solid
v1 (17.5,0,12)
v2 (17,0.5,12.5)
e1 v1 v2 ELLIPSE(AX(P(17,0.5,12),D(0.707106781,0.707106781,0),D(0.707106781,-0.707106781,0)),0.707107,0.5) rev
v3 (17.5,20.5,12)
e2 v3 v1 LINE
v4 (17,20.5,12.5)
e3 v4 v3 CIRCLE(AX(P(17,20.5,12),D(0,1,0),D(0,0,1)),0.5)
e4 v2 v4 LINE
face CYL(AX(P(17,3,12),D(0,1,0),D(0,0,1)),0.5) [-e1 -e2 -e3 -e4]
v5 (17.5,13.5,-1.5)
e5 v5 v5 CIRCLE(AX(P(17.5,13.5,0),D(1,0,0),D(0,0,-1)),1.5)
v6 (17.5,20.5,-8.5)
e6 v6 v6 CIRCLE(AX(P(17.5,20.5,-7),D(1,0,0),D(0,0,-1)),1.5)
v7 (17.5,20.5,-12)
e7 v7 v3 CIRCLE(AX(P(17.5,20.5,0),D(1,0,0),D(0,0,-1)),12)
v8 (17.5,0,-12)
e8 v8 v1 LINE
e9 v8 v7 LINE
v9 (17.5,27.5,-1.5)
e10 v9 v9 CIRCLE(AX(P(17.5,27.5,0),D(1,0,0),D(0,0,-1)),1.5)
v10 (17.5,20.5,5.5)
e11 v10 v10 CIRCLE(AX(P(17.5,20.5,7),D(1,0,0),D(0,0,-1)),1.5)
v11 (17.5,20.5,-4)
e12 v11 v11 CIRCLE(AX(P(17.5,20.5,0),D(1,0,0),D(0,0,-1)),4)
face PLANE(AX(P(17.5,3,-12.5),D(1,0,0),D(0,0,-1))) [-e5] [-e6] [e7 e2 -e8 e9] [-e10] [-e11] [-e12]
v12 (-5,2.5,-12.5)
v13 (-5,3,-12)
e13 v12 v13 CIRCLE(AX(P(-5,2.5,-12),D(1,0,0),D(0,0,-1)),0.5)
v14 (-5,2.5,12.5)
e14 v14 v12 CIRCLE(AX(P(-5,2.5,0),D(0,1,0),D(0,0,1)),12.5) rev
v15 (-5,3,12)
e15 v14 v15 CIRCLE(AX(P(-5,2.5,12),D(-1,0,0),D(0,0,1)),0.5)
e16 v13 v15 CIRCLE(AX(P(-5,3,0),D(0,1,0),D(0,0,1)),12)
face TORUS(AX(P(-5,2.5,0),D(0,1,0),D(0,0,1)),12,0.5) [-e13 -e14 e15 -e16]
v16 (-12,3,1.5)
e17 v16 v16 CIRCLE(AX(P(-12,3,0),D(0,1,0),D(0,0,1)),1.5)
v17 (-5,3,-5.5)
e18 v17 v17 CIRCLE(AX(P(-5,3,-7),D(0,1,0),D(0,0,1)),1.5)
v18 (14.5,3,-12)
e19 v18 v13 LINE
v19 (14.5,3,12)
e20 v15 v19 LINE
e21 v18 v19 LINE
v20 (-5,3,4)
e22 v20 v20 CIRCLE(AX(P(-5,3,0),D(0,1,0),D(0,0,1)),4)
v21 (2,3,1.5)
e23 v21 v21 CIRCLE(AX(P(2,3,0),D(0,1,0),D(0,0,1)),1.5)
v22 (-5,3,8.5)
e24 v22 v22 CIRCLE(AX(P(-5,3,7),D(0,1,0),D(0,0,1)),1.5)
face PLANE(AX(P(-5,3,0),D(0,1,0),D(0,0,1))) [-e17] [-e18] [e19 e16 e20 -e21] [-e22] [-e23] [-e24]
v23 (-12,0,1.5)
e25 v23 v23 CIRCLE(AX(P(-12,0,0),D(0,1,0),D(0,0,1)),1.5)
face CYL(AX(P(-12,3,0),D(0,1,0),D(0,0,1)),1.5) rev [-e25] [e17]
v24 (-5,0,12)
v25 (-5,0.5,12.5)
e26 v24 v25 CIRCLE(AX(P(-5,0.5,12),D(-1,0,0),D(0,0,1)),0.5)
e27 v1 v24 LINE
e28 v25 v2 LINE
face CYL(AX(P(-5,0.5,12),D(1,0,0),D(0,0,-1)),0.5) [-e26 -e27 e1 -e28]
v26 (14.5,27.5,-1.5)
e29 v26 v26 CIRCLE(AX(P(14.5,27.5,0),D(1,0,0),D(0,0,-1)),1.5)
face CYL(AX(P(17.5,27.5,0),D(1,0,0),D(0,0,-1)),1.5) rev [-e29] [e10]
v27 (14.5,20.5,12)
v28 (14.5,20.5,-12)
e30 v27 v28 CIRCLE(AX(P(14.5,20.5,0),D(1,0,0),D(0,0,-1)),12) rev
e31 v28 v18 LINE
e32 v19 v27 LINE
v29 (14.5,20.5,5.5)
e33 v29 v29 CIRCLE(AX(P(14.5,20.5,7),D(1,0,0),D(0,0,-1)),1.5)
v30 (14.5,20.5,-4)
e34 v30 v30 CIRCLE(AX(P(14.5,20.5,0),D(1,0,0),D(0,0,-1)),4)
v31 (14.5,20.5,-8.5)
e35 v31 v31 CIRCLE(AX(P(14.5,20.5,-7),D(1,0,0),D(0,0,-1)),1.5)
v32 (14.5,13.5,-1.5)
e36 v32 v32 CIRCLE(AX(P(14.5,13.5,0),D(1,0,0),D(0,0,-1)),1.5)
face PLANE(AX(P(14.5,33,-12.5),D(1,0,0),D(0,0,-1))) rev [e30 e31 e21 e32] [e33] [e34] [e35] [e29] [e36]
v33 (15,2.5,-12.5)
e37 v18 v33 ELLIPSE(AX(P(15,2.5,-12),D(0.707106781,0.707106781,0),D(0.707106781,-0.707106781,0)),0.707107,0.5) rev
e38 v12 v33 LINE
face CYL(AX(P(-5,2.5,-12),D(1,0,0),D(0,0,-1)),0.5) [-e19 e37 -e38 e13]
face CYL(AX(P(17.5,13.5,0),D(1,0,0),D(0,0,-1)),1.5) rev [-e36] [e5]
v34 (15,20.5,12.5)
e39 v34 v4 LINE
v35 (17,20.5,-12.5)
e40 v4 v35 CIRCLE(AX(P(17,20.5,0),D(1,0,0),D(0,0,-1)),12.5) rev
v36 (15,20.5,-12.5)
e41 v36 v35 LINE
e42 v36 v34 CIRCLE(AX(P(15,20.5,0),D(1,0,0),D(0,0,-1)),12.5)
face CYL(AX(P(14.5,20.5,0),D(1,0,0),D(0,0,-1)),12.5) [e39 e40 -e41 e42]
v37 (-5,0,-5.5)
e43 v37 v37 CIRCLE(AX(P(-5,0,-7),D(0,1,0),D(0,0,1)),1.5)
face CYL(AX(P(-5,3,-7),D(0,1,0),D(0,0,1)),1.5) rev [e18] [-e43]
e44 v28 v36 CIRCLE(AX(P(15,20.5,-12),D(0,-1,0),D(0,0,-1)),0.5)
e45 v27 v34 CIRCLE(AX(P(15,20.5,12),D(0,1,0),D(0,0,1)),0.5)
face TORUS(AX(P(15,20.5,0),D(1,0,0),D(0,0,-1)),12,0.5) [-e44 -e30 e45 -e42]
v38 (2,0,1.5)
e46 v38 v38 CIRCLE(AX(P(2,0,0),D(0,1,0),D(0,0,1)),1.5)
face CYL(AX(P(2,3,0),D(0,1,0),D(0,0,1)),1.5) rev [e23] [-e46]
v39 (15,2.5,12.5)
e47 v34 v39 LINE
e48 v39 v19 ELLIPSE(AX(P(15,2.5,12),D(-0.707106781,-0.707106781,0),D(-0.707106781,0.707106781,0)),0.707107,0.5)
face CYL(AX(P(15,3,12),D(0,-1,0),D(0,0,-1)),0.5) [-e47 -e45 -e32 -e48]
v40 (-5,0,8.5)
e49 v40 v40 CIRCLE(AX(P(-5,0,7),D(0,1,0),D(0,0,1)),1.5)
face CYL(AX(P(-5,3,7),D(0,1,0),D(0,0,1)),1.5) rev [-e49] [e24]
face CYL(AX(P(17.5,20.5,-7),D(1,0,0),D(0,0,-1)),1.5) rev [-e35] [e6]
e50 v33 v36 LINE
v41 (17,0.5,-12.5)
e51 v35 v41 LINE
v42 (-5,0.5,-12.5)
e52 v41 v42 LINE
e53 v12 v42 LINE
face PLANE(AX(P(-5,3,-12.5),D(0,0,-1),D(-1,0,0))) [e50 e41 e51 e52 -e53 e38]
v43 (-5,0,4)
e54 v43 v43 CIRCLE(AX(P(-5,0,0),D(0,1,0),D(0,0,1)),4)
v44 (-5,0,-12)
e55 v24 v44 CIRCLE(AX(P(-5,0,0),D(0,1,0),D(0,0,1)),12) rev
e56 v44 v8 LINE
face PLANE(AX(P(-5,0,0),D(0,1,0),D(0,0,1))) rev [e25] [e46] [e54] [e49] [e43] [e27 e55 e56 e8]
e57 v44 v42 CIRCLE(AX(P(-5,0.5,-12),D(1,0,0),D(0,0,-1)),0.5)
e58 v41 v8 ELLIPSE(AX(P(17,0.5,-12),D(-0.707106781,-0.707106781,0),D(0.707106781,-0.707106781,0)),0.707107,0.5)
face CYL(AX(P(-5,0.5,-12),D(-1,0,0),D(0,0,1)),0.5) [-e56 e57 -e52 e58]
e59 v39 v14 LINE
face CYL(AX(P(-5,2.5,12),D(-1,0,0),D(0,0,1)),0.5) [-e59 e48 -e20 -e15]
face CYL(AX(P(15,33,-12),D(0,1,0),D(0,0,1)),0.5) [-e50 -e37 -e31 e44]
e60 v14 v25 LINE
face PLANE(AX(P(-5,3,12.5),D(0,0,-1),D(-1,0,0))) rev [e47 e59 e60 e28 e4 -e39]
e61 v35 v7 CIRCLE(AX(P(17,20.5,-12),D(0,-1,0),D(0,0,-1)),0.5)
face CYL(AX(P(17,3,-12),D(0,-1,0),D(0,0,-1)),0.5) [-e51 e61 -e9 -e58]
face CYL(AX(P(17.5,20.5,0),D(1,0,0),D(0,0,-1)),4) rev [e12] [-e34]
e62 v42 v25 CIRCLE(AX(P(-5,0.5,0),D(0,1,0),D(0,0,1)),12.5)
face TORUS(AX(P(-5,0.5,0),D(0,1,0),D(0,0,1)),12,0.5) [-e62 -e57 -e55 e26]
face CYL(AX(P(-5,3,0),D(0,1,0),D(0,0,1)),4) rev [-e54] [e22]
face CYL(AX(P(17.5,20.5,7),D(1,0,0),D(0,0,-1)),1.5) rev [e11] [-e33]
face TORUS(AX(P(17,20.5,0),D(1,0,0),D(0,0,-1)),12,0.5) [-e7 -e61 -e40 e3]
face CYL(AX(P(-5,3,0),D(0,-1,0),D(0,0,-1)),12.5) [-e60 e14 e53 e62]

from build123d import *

# Parameters (mm, degrees)
BOSS_EXTRUDE1_DEPTH   = 3
SKETCH2_W             = 3
SKETCH2_H             = 25
BOSS_EXTRUDE2_DEPTH   = 30
CUT_EXTRUDE2_DEPTH    = 3
F_8_0MM_DOWEL_HOLE1_D = 8
F_8_0MM_DOWEL_HOLE2_D = 8
F_3_0MM_DOWEL_HOLE1_D = 3
F_3_0MM_DOWEL_HOLE2_D = 3
FILLET1_R             = 0.5


with BuildPart() as part:
    # Sketch1 → Boss-Extrude1 (new body)
    with BuildSketch(Plane(origin=(0, 0, 0), x_dir=(1, 0, 0), z_dir=(0, 1, 0))):
        with BuildLine():
            Line((-5, 12.5), (17.5, 12.5))
            Line((17.5, 12.5), (17.5, -12.5))
            Line((17.5, -12.5), (-5, -12.5))
            ThreePointArc((-5, -12.5), (-17.5, 0), (-5, 12.5))
        make_face()
    extrude(amount=BOSS_EXTRUDE1_DEPTH)

    # Sketch2 → Boss-Extrude2 (add)
    with BuildSketch(Plane(origin=(0, 3, 0), x_dir=(1, 0, 0), z_dir=(0, 1, 0))):
        with Locations((16, 0)):
            Rectangle(SKETCH2_W, SKETCH2_H)
    extrude(amount=BOSS_EXTRUDE2_DEPTH)

    # Sketch3 → Cut-Extrude2 (cut)
    with BuildSketch(Plane(origin=(17.5, 0, 0), x_dir=(0, 0, -1), z_dir=(1, 0, 0))):
        with BuildLine():
            Line((0, 33), (-12.5, 33))
            Line((-12.5, 33), (-12.5, 20.5))
            ThreePointArc((-12.5, 20.5), (-8.838834765, 29.338834765), (0, 33))
        make_face()
        with BuildLine():
            Line((12.5, 33), (0, 33))
            ThreePointArc((0, 33), (8.838834765, 29.338834765), (12.5, 20.5))
            Line((12.5, 20.5), (12.5, 33))
        make_face()
    extrude(amount=-CUT_EXTRUDE2_DEPTH, mode=Mode.SUBTRACT)

    # Ø8.0mm Dowel Hole1 (through all)
    with Locations(Plane(origin=(17.5, 0, 0), x_dir=(0, 0, -1), z_dir=(1, 0, 0))):
        with Locations((0, 20.5)):
            Hole(F_8_0MM_DOWEL_HOLE1_D / 2)

    # Ø8.0mm Dowel Hole2 (through all)
    with Locations(Plane(origin=(0, 3, 0), x_dir=(1, 0, 0), z_dir=(0, 1, 0))):
        with Locations((-5, 0)):
            Hole(F_8_0MM_DOWEL_HOLE2_D / 2)

    # Ø3.0mm Dowel Hole1 (through all)
    with Locations(Plane(origin=(17.5, 0, 0), x_dir=(0, 0, -1), z_dir=(1, 0, 0))):
        with Locations((0, 27.5), (7, 20.5), (0, 13.5), (-7, 20.5), (0, 20.5)):
            Hole(F_3_0MM_DOWEL_HOLE1_D / 2)

    # Ø3.0mm Dowel Hole2 (through all)
    with Locations(Plane(origin=(0, 3, 0), x_dir=(1, 0, 0), z_dir=(0, 1, 0))):
        with Locations((-12, 0), (-5, 7), (2, 0), (-5, -7), (-5, 0)):
            Hole(F_3_0MM_DOWEL_HOLE2_D / 2)

    # Fillet1
    fillet1_edges = [part.edges().sort_by_distance(p)[0] for p in [
        (4.75, 3, -12.5),
        (14.5, 11.75, 12.5),
        (17.5, 10.25, 12.5),
        (17.5, 33, 0),
        (14.5, 33, 0),
        (14.5, 11.75, -12.5),
        (17.5, 10.25, -12.5),
        (-17.5, 3, 0),
        (6.25, 0, -12.5),
        (6.25, 0, 12.5),
        (-17.5, 0, 0),
        (4.75, 3, 12.5),
    ]]
    fillet(fillet1_edges, radius=FILLET1_R)


solid = part.part
